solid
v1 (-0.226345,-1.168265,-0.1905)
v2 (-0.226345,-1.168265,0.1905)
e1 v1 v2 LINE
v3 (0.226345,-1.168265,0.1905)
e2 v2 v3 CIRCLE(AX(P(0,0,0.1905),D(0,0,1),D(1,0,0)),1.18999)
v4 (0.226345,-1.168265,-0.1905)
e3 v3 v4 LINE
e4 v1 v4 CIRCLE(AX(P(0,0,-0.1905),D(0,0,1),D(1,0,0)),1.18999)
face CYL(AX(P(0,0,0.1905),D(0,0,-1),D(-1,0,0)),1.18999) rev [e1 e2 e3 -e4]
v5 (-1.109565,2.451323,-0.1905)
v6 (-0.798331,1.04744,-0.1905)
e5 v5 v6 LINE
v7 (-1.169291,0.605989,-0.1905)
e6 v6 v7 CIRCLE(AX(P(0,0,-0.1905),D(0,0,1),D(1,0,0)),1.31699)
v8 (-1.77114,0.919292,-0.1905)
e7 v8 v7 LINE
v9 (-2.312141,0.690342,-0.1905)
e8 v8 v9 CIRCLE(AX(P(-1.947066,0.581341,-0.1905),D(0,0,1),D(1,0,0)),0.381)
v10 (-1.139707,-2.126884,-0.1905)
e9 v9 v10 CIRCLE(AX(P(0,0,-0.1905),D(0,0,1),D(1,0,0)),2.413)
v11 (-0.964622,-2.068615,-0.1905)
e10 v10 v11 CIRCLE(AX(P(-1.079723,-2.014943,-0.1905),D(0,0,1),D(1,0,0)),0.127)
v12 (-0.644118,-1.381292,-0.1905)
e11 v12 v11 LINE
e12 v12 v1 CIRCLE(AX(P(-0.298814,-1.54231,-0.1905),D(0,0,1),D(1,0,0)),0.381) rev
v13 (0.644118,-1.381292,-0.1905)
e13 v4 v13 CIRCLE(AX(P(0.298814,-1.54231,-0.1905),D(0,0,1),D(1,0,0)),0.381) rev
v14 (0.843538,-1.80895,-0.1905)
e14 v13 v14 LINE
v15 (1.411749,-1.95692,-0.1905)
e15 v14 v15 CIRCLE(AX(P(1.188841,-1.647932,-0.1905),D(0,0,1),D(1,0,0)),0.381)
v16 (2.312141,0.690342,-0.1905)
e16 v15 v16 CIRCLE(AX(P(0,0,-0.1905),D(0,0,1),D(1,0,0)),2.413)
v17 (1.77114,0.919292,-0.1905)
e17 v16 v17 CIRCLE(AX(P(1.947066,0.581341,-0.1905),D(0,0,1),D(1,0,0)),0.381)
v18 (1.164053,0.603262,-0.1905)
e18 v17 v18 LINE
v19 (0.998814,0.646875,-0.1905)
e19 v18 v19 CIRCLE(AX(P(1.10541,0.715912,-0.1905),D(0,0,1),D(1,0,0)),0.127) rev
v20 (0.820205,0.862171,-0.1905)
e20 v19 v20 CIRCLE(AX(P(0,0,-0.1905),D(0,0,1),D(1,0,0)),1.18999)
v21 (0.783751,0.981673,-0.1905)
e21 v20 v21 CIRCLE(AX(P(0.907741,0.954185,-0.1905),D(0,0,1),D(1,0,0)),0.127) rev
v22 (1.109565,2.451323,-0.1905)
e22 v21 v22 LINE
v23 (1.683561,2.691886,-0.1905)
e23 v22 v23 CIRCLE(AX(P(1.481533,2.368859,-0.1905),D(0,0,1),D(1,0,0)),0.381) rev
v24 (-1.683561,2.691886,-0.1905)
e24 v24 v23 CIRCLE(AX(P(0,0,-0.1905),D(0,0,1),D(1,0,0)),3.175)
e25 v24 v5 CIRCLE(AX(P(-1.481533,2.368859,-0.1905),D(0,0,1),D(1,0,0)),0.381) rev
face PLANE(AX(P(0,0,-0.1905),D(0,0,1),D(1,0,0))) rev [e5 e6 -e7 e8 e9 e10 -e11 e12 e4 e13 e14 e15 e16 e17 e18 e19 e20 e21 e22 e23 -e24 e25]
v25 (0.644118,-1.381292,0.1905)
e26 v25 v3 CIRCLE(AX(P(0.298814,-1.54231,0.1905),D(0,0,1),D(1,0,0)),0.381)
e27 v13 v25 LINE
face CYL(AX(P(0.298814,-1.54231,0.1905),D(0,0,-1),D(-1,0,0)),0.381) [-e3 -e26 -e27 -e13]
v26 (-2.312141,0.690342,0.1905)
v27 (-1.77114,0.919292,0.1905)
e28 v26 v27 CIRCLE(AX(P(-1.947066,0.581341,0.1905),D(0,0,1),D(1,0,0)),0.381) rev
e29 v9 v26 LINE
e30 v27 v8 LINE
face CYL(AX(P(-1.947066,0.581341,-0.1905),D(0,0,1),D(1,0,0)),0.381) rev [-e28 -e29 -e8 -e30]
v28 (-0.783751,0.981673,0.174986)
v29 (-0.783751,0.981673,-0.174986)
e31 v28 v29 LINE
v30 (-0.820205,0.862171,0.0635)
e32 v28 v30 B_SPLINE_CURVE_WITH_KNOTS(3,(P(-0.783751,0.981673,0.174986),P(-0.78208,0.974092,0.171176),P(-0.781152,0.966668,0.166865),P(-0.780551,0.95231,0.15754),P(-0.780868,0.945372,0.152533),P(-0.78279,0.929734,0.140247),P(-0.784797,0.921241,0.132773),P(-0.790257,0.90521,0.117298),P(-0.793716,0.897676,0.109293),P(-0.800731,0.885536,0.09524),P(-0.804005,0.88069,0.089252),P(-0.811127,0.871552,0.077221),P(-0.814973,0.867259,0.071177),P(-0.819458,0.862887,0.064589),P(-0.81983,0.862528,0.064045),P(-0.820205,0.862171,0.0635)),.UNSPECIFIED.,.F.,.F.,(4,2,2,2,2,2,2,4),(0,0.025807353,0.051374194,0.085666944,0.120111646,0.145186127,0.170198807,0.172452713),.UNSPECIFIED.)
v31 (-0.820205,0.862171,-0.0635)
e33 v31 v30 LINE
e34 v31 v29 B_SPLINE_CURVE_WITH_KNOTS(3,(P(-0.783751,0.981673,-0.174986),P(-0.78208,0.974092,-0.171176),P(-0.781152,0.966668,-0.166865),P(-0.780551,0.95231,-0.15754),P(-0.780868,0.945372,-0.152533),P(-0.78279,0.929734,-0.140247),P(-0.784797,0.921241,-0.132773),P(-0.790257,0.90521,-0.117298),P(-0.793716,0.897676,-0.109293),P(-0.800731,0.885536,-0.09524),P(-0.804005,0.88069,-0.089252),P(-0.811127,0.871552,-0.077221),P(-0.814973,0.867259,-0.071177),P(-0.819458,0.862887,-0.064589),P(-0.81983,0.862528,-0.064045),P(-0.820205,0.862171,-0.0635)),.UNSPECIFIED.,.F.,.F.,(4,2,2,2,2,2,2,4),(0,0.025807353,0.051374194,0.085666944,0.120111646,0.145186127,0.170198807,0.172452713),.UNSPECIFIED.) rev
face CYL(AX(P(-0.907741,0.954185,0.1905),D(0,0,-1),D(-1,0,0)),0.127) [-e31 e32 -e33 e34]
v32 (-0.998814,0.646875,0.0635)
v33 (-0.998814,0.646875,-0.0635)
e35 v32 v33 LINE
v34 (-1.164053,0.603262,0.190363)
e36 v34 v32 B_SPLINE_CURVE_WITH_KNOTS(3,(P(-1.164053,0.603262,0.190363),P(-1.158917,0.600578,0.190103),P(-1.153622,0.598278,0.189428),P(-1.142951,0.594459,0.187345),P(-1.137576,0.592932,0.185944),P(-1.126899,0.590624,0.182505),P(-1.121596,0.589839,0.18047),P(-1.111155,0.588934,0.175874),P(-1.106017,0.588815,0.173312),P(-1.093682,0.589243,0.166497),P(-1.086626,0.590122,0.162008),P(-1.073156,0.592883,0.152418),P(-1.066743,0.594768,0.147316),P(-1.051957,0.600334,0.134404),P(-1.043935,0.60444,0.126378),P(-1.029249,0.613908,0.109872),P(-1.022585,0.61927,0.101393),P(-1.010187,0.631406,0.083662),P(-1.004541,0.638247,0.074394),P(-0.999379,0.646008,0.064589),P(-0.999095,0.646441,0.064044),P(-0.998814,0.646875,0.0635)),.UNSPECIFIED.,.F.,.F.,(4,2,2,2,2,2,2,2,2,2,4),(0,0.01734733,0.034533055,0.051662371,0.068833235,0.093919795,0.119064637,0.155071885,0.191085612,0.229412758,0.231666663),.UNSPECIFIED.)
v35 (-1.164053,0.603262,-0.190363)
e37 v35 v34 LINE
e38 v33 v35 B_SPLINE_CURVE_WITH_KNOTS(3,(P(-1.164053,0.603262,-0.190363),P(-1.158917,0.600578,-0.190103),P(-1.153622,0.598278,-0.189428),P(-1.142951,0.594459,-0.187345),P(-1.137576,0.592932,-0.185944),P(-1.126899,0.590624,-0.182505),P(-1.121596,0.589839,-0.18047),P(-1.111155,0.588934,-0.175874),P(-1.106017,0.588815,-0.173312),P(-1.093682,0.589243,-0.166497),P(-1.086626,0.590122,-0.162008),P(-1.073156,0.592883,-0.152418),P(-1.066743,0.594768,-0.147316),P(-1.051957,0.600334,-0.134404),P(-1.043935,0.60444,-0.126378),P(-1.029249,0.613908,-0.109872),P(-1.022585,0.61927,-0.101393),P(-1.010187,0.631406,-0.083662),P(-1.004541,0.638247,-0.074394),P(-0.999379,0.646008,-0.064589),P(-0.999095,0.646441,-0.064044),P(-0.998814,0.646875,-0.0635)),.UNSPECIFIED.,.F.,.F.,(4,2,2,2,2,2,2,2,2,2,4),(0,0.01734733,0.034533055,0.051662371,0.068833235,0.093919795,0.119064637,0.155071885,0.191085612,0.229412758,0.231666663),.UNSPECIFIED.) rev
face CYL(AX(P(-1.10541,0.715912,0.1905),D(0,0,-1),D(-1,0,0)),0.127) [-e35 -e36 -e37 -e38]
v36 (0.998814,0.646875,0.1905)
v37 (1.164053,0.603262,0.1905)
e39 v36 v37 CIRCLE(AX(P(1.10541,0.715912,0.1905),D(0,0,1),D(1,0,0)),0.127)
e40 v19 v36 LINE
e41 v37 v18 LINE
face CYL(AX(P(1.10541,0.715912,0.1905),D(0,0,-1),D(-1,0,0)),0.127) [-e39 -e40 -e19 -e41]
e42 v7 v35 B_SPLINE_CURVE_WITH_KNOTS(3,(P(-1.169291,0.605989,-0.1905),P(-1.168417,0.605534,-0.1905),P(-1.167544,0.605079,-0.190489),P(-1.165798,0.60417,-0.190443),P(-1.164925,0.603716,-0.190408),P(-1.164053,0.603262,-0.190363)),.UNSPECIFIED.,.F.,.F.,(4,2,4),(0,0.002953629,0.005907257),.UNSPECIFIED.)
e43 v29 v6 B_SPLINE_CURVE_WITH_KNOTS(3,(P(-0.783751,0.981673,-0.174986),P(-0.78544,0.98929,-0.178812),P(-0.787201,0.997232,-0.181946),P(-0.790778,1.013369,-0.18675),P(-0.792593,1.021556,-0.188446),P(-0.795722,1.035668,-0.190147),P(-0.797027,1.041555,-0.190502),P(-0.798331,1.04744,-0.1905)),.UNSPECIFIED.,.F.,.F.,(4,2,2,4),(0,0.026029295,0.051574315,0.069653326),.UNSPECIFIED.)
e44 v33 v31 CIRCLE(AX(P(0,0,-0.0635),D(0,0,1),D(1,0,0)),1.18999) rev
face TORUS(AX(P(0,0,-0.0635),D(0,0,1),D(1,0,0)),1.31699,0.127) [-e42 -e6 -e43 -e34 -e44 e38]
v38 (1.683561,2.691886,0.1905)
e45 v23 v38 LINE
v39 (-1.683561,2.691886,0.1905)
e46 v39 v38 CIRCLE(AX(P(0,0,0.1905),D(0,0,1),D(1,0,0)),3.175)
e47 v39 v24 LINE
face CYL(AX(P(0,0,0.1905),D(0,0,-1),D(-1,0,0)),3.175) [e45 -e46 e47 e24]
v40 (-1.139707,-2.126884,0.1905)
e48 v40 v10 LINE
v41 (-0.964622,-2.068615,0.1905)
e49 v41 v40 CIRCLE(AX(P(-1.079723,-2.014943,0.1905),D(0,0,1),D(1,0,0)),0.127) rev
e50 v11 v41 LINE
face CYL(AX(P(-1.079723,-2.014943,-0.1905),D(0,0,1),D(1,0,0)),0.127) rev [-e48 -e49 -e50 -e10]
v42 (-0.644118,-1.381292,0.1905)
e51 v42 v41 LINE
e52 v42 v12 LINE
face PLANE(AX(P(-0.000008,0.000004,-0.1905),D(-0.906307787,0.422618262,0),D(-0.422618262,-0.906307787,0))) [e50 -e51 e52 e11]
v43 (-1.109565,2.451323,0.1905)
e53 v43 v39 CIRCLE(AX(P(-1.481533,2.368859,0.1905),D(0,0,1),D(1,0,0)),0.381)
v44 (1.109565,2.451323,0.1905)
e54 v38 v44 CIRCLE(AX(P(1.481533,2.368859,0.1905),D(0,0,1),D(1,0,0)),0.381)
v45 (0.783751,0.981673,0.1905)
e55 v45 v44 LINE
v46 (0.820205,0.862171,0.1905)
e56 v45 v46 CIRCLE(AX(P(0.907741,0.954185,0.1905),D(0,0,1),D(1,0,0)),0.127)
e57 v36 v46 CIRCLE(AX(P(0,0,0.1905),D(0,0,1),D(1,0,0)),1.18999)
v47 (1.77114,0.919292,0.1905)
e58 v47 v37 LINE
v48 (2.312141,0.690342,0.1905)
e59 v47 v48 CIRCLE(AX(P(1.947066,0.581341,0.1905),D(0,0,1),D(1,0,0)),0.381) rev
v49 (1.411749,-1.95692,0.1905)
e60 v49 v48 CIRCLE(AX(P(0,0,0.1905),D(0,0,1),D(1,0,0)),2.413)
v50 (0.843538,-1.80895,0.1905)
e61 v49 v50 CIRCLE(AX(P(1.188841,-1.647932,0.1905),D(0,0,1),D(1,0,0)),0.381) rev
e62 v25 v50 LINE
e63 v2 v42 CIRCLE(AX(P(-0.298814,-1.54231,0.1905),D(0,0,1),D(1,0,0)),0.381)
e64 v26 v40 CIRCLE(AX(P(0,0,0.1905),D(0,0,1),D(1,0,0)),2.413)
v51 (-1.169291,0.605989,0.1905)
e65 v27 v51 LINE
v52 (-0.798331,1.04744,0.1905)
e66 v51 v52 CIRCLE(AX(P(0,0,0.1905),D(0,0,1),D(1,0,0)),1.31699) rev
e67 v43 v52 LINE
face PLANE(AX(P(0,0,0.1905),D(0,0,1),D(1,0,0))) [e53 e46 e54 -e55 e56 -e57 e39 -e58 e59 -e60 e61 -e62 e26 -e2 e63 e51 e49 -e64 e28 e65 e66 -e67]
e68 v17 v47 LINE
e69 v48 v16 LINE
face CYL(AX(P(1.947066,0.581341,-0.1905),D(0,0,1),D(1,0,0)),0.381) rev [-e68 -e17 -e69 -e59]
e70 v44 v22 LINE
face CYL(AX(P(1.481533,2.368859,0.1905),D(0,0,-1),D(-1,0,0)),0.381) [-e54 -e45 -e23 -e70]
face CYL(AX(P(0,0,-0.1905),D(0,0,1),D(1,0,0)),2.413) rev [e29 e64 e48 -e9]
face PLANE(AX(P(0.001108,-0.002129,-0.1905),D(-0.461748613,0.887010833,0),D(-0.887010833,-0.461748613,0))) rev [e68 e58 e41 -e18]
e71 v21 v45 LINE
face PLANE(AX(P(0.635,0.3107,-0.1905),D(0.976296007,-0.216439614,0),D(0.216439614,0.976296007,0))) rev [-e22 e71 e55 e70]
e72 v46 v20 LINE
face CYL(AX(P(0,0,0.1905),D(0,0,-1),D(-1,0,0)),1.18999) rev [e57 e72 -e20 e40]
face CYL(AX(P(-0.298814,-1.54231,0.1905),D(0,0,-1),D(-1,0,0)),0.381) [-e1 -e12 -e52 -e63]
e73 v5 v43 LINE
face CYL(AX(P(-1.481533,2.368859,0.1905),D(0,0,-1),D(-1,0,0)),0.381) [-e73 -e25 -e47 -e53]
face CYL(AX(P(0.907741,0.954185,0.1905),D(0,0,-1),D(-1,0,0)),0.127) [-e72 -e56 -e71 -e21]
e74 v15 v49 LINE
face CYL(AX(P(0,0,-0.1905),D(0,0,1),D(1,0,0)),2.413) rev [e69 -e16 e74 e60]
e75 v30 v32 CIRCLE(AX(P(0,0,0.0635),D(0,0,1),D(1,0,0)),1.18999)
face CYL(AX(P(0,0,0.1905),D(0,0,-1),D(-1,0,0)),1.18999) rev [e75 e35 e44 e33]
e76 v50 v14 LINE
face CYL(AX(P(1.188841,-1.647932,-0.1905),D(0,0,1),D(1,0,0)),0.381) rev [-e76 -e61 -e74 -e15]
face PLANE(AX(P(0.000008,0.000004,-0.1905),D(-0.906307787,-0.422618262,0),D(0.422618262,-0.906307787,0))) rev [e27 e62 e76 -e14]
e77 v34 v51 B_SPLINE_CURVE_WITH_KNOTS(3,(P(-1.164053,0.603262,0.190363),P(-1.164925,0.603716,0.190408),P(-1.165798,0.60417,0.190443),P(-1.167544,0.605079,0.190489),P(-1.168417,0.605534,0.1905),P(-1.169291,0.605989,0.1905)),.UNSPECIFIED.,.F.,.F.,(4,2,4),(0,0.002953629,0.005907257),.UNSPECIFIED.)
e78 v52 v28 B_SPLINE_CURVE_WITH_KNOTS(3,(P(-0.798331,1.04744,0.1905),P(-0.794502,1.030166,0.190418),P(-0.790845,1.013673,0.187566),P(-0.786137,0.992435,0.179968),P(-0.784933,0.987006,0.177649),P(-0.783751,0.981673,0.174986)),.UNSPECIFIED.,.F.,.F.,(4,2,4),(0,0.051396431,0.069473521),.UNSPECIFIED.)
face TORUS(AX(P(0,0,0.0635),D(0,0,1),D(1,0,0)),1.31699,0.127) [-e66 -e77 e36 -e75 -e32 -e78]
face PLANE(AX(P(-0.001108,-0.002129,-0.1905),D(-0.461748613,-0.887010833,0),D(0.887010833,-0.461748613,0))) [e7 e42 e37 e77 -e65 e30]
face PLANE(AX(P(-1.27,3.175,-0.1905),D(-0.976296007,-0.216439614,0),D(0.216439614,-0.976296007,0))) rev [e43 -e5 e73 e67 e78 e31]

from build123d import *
from OCP.BRepFilletAPI import BRepFilletAPI_MakeFillet

# Parameters (mm, degrees)
SKETCH1_R               = 3.175
SKETCH1_R_2             = 1.18999
BOSS_EXTRUDE1_DEPTH     = 0.1905
CUT_EXTRUDE1_DEPTH      = 5.50626353
CUT_EXTRUDE2_DEPTH      = 5.50626353
CUT_EXTRUDE2_DEPTH_BACK = 5.50626353
FILLET1_R1              = 0.127
FILLET1_R2              = 0.381


with BuildPart() as part:
    # Sketch1 → Boss-Extrude1 (new, symmetric)
    with BuildSketch(Plane.XY):
        with Locations(Location((0, 0, 0), (0, 0, 180))):
            Circle(SKETCH1_R)
        with Locations(Location((0, 0, 0), (0, 0, 180))):
            Circle(SKETCH1_R_2, mode=Mode.SUBTRACT)
    extrude(amount=BOSS_EXTRUDE1_DEPTH, both=True)

    # Sketch2 → Cut-Extrude1 (cut, through all)
    with BuildSketch(Plane.XY.offset(0.1905)):
        Polygon((-0.635, 0.3107001), (0.635, 0.3107001), (1.27, 3.175), (-1.27, 3.175), align=None)
    extrude(amount=-CUT_EXTRUDE1_DEPTH, mode=Mode.SUBTRACT)

    # Sketch3 → Cut-Extrude2 (cut, two sides: drawn at the far end of the back side and taken through both)
    with BuildSketch(Plane.XY.offset(0.1905).offset(-CUT_EXTRUDE2_DEPTH_BACK)):
        with BuildLine():
            Line((-1.05664, 0.547346426), (-2.141464207, 1.112070164))
            ThreePointArc((-2.141464207, 1.112070164), (-2.284557926, -0.77676514), (-1.01978636, -2.186916729))
            Line((-1.01978636, -2.186916729), (-0.50292, -1.078493242))
            ThreePointArc((-0.50292, -1.078493242), (-1.12645262, -0.383641362), (-1.05664, 0.547346426))
        make_face()
        with BuildLine():
            Line((0.50292, -1.078493242), (1.01978636, -2.186916729))
            ThreePointArc((1.01978636, -2.186916729), (2.284557926, -0.77676514), (2.141464207, 1.112070164))
            Line((2.141464207, 1.112070164), (1.05664, 0.547346426))
            ThreePointArc((1.05664, 0.547346426), (1.12645262, -0.383641362), (0.50292, -1.078493242))
        make_face()
    extrude(amount=CUT_EXTRUDE2_DEPTH + CUT_EXTRUDE2_DEPTH_BACK, mode=Mode.SUBTRACT)

    # Fillet1: one fillet with a radius per group of edges: ONE call of the kernel's fillet builder (fillet() takes one radius for all edges)
    fillet1_edges_1 = [part.edges().sort_by_distance(p)[0] for p in [
        (-0.929941204, 0.742486065, 0.1905),
        (-0.929941204, 0.742486065, -0.1905),
        (-0.76769373, 0.909242837, 0),
        (0.76769373, 0.909242837, 0),
        (-1.05664, 0.547346426, 0),
        (-1.01978636, -2.186916729, 0),
        (1.05664, 0.547346426, 0),
    ]]
    fillet1_edges_2 = [part.edges().sort_by_distance(p)[0] for p in [
        (1.216302436, 2.932785942, 0),
        (-1.216302436, 2.932785942, 0),
        (-2.141464207, 1.112070164, 0),
        (-0.50292, -1.078493242, 0),
        (1.01978636, -2.186916729, 0),
        (0.50292, -1.078493242, 0),
        (2.141464207, 1.112070164, 0),
    ]]
    fillet1 = BRepFilletAPI_MakeFillet(part.part.solid().wrapped)
    for e in fillet1_edges_1:
        fillet1.Add(FILLET1_R1, e.wrapped)
    for e in fillet1_edges_2:
        fillet1.Add(FILLET1_R2, e.wrapped)
    add(Compound.cast(fillet1.Shape()), mode=Mode.REPLACE)


solid = part.part
